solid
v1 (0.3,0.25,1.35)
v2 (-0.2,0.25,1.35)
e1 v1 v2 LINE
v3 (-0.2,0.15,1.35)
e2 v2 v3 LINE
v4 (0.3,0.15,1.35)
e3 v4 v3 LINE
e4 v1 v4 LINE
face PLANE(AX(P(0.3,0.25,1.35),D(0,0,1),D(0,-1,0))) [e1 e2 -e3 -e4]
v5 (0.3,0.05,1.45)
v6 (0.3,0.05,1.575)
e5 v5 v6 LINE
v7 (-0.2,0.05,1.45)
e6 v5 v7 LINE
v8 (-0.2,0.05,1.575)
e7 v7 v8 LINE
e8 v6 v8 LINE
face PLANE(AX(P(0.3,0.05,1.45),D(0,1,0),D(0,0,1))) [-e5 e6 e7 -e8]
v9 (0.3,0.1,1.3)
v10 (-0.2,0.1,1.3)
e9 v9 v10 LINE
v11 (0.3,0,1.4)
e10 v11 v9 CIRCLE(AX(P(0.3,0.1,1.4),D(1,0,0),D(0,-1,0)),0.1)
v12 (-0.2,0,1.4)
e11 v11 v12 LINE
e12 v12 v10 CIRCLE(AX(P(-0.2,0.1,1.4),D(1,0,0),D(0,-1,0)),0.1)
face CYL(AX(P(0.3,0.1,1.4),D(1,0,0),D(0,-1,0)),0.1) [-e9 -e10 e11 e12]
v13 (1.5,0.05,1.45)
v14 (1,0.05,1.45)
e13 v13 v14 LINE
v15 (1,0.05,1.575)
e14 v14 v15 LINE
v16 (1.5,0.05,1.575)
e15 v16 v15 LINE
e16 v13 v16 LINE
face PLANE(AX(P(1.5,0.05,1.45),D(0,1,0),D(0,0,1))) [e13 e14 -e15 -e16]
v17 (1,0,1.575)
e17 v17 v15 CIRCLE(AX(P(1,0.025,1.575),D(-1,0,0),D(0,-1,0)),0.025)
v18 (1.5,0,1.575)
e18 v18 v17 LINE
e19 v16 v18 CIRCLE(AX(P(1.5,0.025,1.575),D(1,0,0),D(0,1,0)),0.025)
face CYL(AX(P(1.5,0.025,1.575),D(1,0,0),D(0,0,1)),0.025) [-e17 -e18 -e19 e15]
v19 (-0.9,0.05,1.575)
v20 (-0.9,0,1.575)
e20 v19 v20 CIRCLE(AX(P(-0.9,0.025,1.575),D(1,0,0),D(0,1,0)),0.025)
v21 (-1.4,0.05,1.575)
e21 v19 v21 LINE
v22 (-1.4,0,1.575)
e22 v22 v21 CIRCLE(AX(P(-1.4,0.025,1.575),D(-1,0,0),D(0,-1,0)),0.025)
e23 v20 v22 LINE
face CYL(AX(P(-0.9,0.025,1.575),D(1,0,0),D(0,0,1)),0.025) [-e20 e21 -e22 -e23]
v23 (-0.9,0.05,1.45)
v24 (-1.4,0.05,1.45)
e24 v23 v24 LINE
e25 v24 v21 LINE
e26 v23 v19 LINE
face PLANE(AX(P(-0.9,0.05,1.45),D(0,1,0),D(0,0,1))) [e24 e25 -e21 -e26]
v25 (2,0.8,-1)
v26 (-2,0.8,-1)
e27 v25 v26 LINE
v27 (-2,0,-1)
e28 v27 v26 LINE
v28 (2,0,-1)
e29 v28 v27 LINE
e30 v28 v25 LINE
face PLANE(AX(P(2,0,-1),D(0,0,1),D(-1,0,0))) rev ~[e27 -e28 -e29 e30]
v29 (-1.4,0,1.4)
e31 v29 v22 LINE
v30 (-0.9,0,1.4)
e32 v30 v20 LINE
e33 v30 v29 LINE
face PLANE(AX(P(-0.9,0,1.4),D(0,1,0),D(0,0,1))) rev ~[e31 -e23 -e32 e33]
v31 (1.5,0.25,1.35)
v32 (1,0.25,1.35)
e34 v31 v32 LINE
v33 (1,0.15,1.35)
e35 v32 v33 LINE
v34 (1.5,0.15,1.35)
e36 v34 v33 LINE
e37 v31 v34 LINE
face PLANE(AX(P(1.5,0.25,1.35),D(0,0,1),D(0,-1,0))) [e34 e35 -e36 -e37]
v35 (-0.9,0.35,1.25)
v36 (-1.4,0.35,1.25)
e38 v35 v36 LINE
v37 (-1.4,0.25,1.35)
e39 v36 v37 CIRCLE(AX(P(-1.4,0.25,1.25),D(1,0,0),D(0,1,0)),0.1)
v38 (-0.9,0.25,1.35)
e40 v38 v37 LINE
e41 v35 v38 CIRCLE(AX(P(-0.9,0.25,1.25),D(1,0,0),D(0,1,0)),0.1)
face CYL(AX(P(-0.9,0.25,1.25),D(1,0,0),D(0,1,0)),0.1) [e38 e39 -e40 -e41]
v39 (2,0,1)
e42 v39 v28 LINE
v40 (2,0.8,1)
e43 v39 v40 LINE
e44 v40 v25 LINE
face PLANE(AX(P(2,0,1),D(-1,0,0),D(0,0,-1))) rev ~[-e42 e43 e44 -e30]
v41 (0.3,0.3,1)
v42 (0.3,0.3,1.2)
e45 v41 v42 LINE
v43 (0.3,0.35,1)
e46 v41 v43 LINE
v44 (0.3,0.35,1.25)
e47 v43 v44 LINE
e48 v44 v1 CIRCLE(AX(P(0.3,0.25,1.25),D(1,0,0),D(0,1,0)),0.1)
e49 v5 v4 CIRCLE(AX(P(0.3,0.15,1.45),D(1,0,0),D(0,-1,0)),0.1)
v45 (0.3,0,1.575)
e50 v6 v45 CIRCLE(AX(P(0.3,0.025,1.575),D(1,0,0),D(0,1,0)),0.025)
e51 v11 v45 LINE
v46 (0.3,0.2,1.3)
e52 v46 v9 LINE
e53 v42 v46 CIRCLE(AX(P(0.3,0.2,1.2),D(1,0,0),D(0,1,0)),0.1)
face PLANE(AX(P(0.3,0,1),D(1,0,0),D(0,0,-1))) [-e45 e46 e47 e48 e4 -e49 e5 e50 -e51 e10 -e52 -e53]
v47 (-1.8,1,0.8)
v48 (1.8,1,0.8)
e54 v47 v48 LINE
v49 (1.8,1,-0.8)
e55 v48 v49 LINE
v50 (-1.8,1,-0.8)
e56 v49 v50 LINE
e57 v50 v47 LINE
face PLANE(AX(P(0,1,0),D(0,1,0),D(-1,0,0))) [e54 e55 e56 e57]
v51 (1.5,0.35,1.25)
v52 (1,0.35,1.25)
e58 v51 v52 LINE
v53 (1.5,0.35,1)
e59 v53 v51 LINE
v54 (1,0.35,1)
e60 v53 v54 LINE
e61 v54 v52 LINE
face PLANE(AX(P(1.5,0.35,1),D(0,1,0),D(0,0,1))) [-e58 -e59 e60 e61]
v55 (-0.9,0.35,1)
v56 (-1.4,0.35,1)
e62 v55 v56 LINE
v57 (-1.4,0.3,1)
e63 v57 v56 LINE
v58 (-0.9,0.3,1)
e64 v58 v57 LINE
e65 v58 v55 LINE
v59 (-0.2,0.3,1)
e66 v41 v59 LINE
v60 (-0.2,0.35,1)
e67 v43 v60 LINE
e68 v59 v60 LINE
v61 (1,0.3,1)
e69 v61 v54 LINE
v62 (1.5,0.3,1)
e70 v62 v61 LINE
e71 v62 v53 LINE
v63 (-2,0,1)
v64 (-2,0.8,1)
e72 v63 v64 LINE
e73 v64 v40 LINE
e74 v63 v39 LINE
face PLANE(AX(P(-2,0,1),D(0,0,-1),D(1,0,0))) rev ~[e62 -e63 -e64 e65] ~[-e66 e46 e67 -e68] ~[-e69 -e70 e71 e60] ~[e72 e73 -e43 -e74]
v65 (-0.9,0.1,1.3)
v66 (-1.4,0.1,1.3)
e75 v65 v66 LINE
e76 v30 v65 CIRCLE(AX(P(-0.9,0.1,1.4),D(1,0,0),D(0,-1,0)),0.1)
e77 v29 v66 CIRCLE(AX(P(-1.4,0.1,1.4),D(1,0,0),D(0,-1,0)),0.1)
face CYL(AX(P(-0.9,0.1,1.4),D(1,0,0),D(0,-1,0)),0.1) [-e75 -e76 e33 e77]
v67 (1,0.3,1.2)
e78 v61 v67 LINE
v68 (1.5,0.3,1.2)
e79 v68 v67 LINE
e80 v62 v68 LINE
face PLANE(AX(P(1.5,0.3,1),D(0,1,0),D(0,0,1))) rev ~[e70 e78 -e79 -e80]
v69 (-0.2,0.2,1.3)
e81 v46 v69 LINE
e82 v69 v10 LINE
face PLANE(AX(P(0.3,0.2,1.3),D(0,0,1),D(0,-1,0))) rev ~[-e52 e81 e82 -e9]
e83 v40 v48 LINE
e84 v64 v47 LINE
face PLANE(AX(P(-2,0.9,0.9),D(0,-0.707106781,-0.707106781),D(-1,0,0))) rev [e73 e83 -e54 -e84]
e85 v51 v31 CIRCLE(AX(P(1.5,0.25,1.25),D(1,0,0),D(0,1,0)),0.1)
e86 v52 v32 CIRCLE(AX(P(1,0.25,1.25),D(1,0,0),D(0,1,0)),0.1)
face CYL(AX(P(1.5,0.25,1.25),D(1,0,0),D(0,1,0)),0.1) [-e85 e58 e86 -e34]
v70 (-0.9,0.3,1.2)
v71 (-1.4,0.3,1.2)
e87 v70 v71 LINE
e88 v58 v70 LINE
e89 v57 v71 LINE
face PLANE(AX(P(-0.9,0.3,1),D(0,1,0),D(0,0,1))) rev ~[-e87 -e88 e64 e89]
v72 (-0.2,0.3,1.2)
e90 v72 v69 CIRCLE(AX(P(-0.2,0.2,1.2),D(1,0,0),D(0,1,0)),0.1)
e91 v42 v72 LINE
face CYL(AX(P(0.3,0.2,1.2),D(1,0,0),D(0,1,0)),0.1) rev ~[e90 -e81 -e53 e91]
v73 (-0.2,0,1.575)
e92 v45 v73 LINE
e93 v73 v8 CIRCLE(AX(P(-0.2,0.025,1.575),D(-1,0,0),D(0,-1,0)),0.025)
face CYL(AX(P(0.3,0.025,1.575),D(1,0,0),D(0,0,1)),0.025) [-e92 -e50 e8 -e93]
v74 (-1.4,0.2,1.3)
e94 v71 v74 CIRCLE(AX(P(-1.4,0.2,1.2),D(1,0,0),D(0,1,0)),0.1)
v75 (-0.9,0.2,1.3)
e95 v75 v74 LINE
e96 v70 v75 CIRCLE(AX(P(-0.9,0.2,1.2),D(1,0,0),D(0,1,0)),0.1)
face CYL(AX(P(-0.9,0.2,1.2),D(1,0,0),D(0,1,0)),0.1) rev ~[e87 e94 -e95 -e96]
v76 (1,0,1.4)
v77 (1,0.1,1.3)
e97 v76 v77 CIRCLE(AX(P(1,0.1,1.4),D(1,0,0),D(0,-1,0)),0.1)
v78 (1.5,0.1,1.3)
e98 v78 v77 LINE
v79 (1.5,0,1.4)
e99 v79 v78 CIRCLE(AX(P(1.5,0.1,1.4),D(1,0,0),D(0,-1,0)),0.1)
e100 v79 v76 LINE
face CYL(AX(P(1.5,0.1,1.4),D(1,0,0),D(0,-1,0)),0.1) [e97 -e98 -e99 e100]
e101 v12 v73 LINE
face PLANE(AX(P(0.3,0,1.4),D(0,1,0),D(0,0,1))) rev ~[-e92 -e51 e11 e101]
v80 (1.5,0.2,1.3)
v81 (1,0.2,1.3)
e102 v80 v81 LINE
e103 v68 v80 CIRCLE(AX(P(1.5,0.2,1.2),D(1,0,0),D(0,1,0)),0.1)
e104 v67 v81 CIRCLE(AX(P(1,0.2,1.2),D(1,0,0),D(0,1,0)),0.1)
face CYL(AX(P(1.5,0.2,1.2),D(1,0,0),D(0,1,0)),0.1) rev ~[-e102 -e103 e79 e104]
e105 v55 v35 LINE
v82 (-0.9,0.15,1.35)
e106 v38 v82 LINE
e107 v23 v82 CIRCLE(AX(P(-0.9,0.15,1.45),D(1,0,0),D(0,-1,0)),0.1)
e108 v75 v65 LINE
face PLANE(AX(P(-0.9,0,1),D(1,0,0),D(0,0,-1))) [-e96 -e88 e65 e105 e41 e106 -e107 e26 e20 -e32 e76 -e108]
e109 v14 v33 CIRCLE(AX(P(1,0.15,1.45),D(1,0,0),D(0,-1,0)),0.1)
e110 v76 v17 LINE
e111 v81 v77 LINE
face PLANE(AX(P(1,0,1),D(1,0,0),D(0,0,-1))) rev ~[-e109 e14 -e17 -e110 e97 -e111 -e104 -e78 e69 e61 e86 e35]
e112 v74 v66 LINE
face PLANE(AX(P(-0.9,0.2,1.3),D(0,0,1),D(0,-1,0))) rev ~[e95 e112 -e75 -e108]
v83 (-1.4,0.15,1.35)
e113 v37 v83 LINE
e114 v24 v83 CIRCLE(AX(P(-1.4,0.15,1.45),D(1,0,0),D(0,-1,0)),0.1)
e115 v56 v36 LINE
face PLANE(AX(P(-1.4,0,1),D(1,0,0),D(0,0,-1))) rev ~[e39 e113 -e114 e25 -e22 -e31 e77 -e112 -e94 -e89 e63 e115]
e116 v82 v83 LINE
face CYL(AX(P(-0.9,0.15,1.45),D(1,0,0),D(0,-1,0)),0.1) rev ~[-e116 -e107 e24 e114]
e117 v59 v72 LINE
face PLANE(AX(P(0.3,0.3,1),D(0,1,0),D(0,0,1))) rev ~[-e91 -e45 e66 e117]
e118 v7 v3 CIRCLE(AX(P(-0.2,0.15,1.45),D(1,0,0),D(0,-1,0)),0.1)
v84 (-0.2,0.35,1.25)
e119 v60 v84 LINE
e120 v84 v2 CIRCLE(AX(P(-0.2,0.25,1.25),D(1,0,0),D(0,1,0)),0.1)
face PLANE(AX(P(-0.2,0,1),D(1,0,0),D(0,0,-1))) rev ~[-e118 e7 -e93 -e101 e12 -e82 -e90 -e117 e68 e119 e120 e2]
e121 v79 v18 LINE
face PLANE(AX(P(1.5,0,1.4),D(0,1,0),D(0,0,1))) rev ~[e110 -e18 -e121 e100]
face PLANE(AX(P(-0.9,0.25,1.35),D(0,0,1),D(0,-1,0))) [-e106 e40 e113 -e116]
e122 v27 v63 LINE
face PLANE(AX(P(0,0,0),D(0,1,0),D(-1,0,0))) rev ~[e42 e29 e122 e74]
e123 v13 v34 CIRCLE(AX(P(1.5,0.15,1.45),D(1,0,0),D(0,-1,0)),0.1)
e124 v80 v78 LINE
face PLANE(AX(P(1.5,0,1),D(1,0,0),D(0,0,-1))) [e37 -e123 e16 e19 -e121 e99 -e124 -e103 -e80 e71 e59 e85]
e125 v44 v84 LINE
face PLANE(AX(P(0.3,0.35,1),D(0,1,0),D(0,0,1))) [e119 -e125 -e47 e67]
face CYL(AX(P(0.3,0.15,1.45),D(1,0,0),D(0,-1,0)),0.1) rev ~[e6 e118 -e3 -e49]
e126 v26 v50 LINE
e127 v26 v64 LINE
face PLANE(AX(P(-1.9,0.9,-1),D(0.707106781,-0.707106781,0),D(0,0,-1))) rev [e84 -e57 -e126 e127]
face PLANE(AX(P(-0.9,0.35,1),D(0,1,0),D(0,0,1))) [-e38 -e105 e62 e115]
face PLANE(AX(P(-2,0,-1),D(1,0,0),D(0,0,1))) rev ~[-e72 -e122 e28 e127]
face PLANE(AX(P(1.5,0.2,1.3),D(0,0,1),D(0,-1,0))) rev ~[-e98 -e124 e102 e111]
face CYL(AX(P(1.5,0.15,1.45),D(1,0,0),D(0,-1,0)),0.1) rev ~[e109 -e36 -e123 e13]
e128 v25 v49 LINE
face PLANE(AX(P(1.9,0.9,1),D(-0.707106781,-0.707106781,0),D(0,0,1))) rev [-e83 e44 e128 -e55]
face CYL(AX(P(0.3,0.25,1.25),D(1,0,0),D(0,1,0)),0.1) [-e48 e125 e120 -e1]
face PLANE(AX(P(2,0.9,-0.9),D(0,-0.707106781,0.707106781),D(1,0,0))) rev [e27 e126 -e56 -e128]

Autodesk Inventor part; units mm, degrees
ref_plane "YZ Plane" through (0, 0, 0) normal (1, 0, 0) x (0, 1, 0)
ref_plane "XZ Plane" through (0, 0, 0) normal (0, 1, 0) x (-1, 0, 0)
sketch "Sketch1" plane through (0, 0, 0) normal (0, 1, 0) x (-1, 0, 0)
  line L0 (2, 1) -> (-2, 1)
  line L1 (-2, 1) -> (-2, -1)
  line L2 (-2, -1) -> (2, -1)
  line L3 (2, -1) -> (2, 1)
  line L4 (2, 1) -> (-2, -1) construction
  line L5 (-2, 1) -> (2, -1) construction
  point P0 (0, 0)
  dimension "d0" = 4
  dimension "d1" = 2
extrude "Extrusion1" add sketch "Sketch1" along normal blind 1
chamfer "Chamfer1" distance 0.2 angle 45 4 edges at (0, 1, 1) (2, 1, 0) (0, 1, -1) (-2, 1, 0)
ref_plane "Work Plane1" through (1.5, 0, 1) normal (1, 0, 0) x (0, 0, -1)
sketch "Sketch2" plane through (1.5, 0, 1) normal (1, 0, 0) x (0, 0, -1)
  line L0 (0, 0) -> (0, 0.8) projected
  line L1 (0, 0.3) -> (-0.2, 0.3)
  line L2 (-0.3, 0.2) -> (-0.3, 0.1)
  line L3 (-0.4, 0) -> (-0.575, 0)
  line L4 (0, 0) -> (2, 0) projected
  line L5 (0, 0.35) -> (-0.25, 0.35)
  line L6 (-0.35, 0.25) -> (-0.35, 0.15)
  line L7 (-0.45, 0.05) -> (-0.575, 0.05)
  line L8 (-0.6, 0.025) -> (-0.6, 0.025)
  arc A0 (-0.25, 0.35) -> (-0.35, 0.25) centre (-0.25, 0.25) ccw
  arc A1 (-0.2, 0.3) -> (-0.3, 0.2) centre (-0.2, 0.2) ccw
  arc A2 (-0.45, 0.05) -> (-0.35, 0.15) centre (-0.45, 0.15) ccw
  arc A3 (-0.4, 0) -> (-0.3, 0.1) centre (-0.4, 0.1) ccw
  arc A4 (-0.575, 0.05) -> (-0.6, 0.025) centre (-0.575, 0.025) ccw
  arc A5 (-0.6, 0.025) -> (-0.575, 0) centre (-0.575, 0.025) ccw
  point P0 (1, 0)
  point P1 (-0.3, 0.3)
  point P2 (-0.3, 0)
  point P3 (-0.6, 0)
  point P4 (0, 0.35)
  point P5 (-0.6, 0.025)
  dimension "d8" = 0.3
  dimension "d9" = 0.3
  dimension "d10" = 0.3
  dimension "d11" = 0.05
  dimension "d12" = 0.1
  dimension "d13" = 0.025
extrude "Extrusion2" add sketch "Sketch2" against normal blind 0.5
pattern_linear "Rectangular Pattern1" count 3 spacing 1.2 along (-1, 0, 0) of "Extrusion2"
properties part number "3V DC Regulator"
